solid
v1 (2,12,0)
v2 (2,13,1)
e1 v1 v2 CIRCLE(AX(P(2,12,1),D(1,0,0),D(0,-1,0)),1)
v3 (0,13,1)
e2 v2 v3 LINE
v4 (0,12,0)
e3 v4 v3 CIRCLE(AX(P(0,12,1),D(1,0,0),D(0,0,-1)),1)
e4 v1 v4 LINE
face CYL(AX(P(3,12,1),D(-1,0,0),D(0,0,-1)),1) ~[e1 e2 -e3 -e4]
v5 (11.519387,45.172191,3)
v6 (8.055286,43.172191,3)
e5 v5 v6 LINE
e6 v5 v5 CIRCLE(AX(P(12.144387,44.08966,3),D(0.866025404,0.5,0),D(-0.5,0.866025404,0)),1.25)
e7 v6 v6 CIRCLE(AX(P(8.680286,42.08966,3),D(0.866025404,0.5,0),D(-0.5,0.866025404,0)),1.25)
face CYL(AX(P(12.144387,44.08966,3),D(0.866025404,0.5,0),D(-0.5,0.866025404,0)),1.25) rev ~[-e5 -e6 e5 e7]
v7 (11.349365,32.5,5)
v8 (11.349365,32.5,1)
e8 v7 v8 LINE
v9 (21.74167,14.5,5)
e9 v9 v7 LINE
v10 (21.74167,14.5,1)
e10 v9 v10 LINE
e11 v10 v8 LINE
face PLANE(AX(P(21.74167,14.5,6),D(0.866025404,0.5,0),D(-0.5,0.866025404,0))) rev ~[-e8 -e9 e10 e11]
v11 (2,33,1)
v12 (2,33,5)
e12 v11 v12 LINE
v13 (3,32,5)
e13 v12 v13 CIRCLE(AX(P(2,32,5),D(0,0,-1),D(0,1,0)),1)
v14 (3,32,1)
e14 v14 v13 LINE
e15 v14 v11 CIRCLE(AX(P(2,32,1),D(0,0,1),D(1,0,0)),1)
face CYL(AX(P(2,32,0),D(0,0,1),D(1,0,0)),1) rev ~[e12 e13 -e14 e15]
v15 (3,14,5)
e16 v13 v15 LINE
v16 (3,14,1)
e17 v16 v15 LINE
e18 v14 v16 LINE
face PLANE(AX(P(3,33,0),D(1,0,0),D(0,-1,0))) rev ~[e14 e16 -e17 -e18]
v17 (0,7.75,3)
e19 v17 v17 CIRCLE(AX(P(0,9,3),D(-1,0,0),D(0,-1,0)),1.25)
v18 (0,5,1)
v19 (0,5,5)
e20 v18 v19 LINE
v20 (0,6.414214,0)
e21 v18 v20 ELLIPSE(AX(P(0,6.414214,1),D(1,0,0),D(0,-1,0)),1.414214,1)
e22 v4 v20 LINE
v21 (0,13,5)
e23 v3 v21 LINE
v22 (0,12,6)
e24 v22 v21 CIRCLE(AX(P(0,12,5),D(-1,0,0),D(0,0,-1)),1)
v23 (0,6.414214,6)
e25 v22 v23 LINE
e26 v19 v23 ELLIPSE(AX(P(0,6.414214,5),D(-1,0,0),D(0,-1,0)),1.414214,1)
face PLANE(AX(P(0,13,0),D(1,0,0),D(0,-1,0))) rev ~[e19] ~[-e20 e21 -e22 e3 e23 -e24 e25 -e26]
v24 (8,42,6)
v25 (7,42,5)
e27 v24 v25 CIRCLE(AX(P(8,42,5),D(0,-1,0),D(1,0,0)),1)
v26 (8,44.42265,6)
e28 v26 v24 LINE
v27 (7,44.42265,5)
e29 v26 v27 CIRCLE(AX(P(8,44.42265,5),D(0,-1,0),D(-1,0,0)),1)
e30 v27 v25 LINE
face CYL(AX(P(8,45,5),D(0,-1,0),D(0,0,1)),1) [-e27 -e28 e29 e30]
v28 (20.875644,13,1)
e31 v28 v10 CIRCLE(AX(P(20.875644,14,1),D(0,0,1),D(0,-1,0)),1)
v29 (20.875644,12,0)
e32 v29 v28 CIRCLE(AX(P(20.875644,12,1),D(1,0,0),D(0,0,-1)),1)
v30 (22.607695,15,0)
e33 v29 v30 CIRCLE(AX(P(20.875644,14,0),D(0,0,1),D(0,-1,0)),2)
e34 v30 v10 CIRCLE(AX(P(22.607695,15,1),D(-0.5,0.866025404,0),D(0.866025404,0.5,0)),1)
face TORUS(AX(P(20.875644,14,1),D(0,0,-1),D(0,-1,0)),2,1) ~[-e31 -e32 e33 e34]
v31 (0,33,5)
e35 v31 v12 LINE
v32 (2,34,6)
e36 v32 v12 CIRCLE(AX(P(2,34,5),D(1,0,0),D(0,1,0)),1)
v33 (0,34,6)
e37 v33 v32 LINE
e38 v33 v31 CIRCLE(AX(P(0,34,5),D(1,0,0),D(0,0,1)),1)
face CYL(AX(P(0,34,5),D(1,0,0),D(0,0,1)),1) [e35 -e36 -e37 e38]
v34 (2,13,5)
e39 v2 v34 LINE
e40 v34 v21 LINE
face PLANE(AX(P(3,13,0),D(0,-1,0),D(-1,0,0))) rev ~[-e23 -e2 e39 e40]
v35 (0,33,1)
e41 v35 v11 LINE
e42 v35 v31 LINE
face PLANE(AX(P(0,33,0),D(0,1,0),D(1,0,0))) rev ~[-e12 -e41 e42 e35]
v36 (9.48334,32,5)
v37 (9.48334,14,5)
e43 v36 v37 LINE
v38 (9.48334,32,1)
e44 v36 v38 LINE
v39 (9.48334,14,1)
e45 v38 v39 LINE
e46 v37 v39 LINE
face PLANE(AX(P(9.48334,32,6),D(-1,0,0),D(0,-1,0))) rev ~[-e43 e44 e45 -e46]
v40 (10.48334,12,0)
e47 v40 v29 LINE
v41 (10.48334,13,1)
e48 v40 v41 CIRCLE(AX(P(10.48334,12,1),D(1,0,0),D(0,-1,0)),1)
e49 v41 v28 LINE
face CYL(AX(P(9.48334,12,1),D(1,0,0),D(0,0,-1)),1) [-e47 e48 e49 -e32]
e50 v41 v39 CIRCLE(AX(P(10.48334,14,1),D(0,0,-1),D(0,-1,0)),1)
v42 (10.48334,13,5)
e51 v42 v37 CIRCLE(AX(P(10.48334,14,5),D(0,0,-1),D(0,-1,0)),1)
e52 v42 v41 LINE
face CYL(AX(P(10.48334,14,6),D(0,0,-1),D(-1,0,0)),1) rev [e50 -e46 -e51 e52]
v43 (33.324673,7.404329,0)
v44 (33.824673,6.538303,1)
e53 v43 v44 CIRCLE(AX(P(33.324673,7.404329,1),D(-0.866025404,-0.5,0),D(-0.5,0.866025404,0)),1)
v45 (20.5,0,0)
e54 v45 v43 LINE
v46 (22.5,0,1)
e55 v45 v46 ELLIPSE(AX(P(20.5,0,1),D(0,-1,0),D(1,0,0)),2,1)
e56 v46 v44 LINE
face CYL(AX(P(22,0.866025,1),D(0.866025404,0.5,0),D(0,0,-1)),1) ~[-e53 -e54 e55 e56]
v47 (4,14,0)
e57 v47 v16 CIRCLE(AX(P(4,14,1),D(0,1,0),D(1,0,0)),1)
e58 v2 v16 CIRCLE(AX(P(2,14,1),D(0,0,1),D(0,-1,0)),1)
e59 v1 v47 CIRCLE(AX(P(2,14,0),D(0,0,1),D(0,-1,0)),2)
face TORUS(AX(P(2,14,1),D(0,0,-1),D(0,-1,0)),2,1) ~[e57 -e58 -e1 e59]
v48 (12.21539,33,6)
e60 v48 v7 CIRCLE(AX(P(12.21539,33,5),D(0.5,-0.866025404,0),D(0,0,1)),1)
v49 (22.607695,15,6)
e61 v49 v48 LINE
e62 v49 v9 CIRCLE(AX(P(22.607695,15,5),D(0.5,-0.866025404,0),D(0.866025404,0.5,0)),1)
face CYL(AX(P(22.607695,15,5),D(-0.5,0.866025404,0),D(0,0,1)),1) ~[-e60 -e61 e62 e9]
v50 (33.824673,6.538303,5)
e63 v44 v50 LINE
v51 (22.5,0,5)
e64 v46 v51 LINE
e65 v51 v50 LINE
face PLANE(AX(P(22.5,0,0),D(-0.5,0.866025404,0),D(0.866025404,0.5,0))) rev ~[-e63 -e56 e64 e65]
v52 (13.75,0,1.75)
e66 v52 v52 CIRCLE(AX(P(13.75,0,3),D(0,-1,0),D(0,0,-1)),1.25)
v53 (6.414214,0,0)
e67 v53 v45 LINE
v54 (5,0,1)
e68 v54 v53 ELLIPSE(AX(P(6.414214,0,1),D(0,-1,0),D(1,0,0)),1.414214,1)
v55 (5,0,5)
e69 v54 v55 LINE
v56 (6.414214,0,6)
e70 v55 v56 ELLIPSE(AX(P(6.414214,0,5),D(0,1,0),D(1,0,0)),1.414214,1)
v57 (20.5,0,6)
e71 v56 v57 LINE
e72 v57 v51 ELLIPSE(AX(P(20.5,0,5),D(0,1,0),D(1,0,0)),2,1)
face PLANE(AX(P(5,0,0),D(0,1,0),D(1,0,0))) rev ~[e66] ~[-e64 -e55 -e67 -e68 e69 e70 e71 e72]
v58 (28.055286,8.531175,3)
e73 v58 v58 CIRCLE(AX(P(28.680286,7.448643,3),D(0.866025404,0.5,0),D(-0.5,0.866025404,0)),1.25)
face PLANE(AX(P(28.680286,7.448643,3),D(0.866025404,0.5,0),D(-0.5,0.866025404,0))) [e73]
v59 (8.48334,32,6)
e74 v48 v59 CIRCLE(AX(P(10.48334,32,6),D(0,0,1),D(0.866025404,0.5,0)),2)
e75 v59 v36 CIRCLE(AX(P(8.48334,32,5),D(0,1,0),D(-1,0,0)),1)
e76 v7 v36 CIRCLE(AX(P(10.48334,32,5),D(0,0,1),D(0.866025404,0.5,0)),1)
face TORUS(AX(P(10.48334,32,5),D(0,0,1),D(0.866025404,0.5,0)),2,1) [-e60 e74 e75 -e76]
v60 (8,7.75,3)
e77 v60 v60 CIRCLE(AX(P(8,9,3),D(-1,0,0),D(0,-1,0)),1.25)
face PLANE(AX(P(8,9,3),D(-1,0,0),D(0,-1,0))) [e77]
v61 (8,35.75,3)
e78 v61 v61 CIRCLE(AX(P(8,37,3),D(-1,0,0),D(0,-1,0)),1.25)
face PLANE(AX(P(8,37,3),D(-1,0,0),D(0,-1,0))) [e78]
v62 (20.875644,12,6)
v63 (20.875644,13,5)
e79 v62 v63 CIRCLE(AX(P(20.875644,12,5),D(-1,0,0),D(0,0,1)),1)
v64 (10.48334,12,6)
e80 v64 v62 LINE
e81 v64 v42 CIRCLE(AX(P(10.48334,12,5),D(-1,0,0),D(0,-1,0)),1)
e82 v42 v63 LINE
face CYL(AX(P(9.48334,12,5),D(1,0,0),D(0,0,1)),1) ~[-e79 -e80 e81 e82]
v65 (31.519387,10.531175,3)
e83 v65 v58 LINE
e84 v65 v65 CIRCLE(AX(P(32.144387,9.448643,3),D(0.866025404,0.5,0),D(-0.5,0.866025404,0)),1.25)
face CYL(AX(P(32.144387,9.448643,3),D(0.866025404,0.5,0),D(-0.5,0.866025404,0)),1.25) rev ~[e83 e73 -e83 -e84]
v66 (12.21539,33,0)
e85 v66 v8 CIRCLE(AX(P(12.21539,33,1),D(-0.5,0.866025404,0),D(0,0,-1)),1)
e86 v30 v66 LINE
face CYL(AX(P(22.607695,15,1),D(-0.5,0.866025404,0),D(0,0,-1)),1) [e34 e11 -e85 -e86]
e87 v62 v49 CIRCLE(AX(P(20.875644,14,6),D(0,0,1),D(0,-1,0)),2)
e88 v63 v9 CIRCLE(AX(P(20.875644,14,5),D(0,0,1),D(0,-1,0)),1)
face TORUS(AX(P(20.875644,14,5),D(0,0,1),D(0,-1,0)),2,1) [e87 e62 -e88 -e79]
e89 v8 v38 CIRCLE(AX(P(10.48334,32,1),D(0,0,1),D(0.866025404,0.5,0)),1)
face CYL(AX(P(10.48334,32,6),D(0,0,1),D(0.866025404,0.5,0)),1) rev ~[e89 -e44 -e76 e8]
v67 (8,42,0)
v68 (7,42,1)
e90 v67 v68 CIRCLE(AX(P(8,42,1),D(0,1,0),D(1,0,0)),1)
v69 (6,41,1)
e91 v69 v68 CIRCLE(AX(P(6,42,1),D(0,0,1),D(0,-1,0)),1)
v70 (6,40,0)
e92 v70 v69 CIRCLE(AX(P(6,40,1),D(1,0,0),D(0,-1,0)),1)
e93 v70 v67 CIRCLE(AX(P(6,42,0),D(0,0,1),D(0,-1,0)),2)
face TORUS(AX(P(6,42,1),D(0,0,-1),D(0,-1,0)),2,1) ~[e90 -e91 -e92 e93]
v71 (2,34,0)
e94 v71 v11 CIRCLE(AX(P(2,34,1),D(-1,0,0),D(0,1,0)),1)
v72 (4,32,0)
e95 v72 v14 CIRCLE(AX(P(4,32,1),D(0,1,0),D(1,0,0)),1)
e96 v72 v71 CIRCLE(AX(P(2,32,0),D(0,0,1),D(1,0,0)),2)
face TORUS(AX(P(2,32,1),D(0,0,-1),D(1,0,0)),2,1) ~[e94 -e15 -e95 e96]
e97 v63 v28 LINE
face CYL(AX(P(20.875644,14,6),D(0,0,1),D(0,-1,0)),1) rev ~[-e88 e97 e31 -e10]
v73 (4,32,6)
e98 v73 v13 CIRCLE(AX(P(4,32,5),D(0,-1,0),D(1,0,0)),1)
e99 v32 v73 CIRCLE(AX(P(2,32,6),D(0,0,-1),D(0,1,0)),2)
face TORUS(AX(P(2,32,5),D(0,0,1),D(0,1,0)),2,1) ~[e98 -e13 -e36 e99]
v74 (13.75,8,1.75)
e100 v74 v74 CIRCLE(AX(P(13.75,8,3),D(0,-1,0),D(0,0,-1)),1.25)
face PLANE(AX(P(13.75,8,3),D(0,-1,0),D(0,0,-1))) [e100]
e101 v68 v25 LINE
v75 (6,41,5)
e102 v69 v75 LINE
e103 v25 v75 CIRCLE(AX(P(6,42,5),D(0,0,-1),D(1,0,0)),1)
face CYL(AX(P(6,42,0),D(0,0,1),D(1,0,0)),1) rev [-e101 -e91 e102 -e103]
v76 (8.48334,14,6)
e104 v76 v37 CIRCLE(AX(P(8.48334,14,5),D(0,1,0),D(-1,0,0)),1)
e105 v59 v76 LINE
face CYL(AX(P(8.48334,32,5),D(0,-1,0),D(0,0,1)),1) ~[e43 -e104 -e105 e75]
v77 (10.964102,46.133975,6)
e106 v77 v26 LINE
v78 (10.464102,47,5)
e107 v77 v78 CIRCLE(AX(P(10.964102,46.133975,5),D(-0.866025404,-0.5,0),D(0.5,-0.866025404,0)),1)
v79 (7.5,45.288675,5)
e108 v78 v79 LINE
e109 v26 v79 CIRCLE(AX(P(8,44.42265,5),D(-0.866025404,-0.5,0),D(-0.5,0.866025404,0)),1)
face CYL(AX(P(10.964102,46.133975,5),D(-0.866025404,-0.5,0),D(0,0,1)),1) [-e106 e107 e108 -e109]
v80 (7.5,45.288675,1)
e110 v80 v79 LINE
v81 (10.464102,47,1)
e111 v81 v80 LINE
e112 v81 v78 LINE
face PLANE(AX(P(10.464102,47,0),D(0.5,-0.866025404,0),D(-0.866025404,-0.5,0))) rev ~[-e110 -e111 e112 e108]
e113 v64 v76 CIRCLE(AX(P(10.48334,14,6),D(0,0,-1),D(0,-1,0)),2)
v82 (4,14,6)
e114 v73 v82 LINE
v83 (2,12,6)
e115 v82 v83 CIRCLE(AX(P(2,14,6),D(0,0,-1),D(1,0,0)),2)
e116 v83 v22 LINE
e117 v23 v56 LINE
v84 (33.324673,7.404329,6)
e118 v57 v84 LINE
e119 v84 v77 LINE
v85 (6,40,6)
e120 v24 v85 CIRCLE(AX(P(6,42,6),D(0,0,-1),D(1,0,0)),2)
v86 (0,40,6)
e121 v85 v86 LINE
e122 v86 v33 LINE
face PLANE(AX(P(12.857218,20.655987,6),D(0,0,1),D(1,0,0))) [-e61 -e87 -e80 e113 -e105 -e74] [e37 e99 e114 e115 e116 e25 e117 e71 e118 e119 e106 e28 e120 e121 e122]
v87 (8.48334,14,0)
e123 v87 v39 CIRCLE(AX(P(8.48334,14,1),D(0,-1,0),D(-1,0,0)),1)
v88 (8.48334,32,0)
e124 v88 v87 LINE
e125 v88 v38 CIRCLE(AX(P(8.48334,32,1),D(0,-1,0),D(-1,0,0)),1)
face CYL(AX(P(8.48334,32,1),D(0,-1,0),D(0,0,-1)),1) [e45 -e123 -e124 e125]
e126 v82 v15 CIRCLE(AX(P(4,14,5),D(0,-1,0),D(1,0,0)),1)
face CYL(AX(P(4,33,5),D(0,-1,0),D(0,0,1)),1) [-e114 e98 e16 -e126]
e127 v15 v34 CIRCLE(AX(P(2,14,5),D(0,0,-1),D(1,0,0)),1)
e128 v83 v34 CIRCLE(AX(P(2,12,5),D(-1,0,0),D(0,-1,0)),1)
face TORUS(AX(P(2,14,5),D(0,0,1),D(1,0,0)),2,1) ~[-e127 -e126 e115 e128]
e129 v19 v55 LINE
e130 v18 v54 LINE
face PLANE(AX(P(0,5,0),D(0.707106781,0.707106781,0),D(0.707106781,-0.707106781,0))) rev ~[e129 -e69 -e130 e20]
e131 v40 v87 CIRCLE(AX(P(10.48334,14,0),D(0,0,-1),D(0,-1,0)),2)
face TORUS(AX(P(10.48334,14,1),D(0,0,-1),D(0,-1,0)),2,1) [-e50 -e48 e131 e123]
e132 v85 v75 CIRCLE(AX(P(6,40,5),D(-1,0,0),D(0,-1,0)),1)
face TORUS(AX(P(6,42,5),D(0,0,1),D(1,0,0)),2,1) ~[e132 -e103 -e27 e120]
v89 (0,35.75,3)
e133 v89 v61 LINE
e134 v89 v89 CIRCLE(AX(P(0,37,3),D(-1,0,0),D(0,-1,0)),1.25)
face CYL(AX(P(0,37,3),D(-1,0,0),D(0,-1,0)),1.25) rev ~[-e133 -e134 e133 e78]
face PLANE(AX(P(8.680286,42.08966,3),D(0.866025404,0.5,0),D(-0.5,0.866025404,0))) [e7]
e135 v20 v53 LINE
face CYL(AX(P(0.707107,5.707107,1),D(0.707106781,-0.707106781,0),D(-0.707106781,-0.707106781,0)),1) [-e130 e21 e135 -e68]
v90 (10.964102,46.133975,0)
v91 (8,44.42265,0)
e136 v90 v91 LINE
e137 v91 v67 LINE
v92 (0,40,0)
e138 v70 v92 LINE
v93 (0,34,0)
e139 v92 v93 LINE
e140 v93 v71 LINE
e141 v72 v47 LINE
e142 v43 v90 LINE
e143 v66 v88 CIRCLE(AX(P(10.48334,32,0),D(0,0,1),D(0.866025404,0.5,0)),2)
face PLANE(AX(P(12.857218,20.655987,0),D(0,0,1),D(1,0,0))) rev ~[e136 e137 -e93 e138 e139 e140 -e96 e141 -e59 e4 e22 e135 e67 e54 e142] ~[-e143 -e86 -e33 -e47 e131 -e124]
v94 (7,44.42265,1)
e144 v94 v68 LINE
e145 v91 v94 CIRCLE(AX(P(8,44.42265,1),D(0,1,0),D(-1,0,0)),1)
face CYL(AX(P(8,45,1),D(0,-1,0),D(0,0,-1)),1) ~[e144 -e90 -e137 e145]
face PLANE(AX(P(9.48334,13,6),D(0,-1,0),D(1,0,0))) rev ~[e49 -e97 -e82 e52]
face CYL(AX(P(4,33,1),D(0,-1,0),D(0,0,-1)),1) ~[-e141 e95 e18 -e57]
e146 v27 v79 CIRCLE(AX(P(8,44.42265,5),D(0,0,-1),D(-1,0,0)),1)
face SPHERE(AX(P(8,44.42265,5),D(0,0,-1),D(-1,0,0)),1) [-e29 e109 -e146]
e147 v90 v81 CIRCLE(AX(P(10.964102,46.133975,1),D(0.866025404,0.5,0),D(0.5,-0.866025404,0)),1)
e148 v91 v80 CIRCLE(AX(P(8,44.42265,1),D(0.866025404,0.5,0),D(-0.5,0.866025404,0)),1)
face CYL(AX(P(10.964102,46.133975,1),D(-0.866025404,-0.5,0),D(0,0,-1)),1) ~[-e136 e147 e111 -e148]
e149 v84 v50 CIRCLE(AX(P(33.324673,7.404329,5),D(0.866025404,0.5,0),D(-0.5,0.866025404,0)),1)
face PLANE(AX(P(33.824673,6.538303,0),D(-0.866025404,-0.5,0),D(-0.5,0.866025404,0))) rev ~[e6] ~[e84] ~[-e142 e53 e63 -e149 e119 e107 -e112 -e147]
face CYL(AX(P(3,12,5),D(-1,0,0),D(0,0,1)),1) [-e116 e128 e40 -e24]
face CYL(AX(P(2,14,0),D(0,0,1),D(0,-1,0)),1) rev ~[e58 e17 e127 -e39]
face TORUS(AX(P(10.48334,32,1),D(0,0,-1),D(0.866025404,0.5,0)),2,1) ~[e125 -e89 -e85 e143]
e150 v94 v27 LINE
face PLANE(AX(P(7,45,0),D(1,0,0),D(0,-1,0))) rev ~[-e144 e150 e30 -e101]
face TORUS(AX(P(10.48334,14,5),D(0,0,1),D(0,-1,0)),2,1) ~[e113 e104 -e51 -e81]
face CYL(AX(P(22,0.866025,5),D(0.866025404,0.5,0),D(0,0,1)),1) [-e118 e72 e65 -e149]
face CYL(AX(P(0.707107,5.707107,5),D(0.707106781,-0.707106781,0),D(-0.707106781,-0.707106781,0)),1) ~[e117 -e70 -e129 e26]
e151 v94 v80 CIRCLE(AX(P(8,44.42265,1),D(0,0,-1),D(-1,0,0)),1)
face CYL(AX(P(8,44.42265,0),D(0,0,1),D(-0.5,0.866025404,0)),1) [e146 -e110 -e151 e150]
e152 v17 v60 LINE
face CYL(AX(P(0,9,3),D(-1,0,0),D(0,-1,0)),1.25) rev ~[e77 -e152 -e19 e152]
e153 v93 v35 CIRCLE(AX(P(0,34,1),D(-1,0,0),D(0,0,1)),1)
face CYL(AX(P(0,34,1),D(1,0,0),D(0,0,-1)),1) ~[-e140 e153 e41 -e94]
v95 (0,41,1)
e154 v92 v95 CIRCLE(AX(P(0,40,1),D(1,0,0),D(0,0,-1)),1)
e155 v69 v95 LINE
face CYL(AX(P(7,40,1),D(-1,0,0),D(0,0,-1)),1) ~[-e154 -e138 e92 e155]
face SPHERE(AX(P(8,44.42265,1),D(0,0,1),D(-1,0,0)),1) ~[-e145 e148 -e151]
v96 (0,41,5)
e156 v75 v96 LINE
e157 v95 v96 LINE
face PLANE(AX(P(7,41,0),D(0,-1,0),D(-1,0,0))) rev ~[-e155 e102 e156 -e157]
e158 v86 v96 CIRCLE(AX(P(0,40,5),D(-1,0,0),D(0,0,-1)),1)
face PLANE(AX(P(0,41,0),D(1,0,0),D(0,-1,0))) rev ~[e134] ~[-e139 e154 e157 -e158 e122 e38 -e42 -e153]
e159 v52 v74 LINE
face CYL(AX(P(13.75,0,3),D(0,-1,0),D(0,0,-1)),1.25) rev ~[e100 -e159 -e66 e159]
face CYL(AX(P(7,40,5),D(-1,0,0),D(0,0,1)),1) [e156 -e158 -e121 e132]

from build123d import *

# Parameters (mm, degrees)
EXTRUDE_1_DEPTH     = 6
CUT_EXTRUDE_1_DEPTH = 6
SKETCH_3_R          = 1.25
CUT_EXTRUDE_2_DEPTH = 8
SKETCH_4_R          = 1.25
CUT_EXTRUDE_3_DEPTH = 8
SKETCH_5_R          = 1.25
CUT_EXTRUDE_4_DEPTH = 4
FILLET_2_R          = 1


with BuildPart() as part:
    # Эскиз1 → Бобышка-Вытянуть1 (new body)
    with BuildSketch(Plane.XY):
        Polygon((0, 5), (5, 0), (22.5, 0), (33.8246732, 6.538303121), (10.464101615, 47), (7, 45), (7, 41), (0, 41), (0, 33), (3, 33), (3, 13), (0, 13), align=None)
    extrude(amount=EXTRUDE_1_DEPTH)

    # Эскиз2 → Вырез-Вытянуть1 (cut)
    with BuildSketch(Plane.XY.offset(6)):
        with BuildLine():
            Line((9.483339502, 32), (9.483339502, 13))
            Line((9.483339502, 13), (20.875644347, 13))
            ThreePointArc((20.875644347, 13), (21.741669751, 13.5), (21.741669751, 14.5))
            Line((21.741669751, 14.5), (11.349364905, 32.5))
            ThreePointArc((11.349364905, 32.5), (10.224520457, 32.965925826), (9.483339502, 32))
        make_face()
    extrude(amount=-CUT_EXTRUDE_1_DEPTH, mode=Mode.SUBTRACT)

    # Эскиз3 → Вырез-Вытянуть2 (cut)
    with BuildSketch(Plane.ZY):
        with Locations(Location((3, 37, 0), (0, 0, 270))):
            Circle(SKETCH_3_R)
        with Locations(Location((3, 9, 0), (0, 0, 270))):
            Circle(SKETCH_3_R)
    extrude(amount=-CUT_EXTRUDE_2_DEPTH, mode=Mode.SUBTRACT)

    # Эскиз4 → Вырез-Вытянуть3 (cut)
    with BuildSketch(Plane.XZ):
        with Locations(Location((13.75, 3, 0), (0, 0, 270))):
            Circle(SKETCH_4_R)
    extrude(amount=-CUT_EXTRUDE_3_DEPTH, mode=Mode.SUBTRACT)

    # Эскиз5 → Вырез-Вытянуть4 (cut)
    with BuildSketch(Plane(origin=(28.1996732, 16.281088913, 0), x_dir=(0, 0, -1), z_dir=(0.8660254037844379, 0.5000000000000014, 0))):
        with Locations(Location((-3, 32.110571585, 0), (0, 0, 90))):
            Circle(SKETCH_5_R)
        with Locations(Location((-3, -7.889428415, 0), (0, 0, 90))):
            Circle(SKETCH_5_R)
    extrude(amount=-CUT_EXTRUDE_4_DEPTH, mode=Mode.SUBTRACT)

    # Скругление2
    fillet_2_edges = [part.edges().sort_by_distance(p)[0] for p in [
        (1.5, 13, 0),
        (3, 23, 0),
        (1.5, 33, 0),
        (3.5, 41, 0),
        (7, 43, 0),
        (28.1623366, 3.26915156, 6),
        (8.732050808, 46, 0),
        (28.1623366, 3.26915156, 0),
        (2.5, 2.5, 0),
        (8.732050808, 46, 6),
        (3, 13, 3),
        (3, 33, 3),
        (7, 41, 3),
        (7, 45, 3),
        (7, 43, 6),
        (3.5, 41, 6),
        (1.5, 33, 6),
        (3, 23, 6),
        (1.5, 13, 6),
        (15.179491924, 13, 0),
        (9.483339502, 22.5, 0),
        (9.483339502, 13, 3),
        (10.224520457, 32.965925826, 0),
        (16.545517328, 23.5, 0),
        (21.741669751, 13.5, 0),
        (15.179491924, 13, 6),
        (21.741669751, 13.5, 6),
        (16.545517328, 23.5, 6),
        (10.224520457, 32.965925826, 6),
        (9.483339502, 22.5, 6),
        (2.5, 2.5, 6),
    ]]
    fillet(fillet_2_edges, radius=FILLET_2_R)


solid = part.part
